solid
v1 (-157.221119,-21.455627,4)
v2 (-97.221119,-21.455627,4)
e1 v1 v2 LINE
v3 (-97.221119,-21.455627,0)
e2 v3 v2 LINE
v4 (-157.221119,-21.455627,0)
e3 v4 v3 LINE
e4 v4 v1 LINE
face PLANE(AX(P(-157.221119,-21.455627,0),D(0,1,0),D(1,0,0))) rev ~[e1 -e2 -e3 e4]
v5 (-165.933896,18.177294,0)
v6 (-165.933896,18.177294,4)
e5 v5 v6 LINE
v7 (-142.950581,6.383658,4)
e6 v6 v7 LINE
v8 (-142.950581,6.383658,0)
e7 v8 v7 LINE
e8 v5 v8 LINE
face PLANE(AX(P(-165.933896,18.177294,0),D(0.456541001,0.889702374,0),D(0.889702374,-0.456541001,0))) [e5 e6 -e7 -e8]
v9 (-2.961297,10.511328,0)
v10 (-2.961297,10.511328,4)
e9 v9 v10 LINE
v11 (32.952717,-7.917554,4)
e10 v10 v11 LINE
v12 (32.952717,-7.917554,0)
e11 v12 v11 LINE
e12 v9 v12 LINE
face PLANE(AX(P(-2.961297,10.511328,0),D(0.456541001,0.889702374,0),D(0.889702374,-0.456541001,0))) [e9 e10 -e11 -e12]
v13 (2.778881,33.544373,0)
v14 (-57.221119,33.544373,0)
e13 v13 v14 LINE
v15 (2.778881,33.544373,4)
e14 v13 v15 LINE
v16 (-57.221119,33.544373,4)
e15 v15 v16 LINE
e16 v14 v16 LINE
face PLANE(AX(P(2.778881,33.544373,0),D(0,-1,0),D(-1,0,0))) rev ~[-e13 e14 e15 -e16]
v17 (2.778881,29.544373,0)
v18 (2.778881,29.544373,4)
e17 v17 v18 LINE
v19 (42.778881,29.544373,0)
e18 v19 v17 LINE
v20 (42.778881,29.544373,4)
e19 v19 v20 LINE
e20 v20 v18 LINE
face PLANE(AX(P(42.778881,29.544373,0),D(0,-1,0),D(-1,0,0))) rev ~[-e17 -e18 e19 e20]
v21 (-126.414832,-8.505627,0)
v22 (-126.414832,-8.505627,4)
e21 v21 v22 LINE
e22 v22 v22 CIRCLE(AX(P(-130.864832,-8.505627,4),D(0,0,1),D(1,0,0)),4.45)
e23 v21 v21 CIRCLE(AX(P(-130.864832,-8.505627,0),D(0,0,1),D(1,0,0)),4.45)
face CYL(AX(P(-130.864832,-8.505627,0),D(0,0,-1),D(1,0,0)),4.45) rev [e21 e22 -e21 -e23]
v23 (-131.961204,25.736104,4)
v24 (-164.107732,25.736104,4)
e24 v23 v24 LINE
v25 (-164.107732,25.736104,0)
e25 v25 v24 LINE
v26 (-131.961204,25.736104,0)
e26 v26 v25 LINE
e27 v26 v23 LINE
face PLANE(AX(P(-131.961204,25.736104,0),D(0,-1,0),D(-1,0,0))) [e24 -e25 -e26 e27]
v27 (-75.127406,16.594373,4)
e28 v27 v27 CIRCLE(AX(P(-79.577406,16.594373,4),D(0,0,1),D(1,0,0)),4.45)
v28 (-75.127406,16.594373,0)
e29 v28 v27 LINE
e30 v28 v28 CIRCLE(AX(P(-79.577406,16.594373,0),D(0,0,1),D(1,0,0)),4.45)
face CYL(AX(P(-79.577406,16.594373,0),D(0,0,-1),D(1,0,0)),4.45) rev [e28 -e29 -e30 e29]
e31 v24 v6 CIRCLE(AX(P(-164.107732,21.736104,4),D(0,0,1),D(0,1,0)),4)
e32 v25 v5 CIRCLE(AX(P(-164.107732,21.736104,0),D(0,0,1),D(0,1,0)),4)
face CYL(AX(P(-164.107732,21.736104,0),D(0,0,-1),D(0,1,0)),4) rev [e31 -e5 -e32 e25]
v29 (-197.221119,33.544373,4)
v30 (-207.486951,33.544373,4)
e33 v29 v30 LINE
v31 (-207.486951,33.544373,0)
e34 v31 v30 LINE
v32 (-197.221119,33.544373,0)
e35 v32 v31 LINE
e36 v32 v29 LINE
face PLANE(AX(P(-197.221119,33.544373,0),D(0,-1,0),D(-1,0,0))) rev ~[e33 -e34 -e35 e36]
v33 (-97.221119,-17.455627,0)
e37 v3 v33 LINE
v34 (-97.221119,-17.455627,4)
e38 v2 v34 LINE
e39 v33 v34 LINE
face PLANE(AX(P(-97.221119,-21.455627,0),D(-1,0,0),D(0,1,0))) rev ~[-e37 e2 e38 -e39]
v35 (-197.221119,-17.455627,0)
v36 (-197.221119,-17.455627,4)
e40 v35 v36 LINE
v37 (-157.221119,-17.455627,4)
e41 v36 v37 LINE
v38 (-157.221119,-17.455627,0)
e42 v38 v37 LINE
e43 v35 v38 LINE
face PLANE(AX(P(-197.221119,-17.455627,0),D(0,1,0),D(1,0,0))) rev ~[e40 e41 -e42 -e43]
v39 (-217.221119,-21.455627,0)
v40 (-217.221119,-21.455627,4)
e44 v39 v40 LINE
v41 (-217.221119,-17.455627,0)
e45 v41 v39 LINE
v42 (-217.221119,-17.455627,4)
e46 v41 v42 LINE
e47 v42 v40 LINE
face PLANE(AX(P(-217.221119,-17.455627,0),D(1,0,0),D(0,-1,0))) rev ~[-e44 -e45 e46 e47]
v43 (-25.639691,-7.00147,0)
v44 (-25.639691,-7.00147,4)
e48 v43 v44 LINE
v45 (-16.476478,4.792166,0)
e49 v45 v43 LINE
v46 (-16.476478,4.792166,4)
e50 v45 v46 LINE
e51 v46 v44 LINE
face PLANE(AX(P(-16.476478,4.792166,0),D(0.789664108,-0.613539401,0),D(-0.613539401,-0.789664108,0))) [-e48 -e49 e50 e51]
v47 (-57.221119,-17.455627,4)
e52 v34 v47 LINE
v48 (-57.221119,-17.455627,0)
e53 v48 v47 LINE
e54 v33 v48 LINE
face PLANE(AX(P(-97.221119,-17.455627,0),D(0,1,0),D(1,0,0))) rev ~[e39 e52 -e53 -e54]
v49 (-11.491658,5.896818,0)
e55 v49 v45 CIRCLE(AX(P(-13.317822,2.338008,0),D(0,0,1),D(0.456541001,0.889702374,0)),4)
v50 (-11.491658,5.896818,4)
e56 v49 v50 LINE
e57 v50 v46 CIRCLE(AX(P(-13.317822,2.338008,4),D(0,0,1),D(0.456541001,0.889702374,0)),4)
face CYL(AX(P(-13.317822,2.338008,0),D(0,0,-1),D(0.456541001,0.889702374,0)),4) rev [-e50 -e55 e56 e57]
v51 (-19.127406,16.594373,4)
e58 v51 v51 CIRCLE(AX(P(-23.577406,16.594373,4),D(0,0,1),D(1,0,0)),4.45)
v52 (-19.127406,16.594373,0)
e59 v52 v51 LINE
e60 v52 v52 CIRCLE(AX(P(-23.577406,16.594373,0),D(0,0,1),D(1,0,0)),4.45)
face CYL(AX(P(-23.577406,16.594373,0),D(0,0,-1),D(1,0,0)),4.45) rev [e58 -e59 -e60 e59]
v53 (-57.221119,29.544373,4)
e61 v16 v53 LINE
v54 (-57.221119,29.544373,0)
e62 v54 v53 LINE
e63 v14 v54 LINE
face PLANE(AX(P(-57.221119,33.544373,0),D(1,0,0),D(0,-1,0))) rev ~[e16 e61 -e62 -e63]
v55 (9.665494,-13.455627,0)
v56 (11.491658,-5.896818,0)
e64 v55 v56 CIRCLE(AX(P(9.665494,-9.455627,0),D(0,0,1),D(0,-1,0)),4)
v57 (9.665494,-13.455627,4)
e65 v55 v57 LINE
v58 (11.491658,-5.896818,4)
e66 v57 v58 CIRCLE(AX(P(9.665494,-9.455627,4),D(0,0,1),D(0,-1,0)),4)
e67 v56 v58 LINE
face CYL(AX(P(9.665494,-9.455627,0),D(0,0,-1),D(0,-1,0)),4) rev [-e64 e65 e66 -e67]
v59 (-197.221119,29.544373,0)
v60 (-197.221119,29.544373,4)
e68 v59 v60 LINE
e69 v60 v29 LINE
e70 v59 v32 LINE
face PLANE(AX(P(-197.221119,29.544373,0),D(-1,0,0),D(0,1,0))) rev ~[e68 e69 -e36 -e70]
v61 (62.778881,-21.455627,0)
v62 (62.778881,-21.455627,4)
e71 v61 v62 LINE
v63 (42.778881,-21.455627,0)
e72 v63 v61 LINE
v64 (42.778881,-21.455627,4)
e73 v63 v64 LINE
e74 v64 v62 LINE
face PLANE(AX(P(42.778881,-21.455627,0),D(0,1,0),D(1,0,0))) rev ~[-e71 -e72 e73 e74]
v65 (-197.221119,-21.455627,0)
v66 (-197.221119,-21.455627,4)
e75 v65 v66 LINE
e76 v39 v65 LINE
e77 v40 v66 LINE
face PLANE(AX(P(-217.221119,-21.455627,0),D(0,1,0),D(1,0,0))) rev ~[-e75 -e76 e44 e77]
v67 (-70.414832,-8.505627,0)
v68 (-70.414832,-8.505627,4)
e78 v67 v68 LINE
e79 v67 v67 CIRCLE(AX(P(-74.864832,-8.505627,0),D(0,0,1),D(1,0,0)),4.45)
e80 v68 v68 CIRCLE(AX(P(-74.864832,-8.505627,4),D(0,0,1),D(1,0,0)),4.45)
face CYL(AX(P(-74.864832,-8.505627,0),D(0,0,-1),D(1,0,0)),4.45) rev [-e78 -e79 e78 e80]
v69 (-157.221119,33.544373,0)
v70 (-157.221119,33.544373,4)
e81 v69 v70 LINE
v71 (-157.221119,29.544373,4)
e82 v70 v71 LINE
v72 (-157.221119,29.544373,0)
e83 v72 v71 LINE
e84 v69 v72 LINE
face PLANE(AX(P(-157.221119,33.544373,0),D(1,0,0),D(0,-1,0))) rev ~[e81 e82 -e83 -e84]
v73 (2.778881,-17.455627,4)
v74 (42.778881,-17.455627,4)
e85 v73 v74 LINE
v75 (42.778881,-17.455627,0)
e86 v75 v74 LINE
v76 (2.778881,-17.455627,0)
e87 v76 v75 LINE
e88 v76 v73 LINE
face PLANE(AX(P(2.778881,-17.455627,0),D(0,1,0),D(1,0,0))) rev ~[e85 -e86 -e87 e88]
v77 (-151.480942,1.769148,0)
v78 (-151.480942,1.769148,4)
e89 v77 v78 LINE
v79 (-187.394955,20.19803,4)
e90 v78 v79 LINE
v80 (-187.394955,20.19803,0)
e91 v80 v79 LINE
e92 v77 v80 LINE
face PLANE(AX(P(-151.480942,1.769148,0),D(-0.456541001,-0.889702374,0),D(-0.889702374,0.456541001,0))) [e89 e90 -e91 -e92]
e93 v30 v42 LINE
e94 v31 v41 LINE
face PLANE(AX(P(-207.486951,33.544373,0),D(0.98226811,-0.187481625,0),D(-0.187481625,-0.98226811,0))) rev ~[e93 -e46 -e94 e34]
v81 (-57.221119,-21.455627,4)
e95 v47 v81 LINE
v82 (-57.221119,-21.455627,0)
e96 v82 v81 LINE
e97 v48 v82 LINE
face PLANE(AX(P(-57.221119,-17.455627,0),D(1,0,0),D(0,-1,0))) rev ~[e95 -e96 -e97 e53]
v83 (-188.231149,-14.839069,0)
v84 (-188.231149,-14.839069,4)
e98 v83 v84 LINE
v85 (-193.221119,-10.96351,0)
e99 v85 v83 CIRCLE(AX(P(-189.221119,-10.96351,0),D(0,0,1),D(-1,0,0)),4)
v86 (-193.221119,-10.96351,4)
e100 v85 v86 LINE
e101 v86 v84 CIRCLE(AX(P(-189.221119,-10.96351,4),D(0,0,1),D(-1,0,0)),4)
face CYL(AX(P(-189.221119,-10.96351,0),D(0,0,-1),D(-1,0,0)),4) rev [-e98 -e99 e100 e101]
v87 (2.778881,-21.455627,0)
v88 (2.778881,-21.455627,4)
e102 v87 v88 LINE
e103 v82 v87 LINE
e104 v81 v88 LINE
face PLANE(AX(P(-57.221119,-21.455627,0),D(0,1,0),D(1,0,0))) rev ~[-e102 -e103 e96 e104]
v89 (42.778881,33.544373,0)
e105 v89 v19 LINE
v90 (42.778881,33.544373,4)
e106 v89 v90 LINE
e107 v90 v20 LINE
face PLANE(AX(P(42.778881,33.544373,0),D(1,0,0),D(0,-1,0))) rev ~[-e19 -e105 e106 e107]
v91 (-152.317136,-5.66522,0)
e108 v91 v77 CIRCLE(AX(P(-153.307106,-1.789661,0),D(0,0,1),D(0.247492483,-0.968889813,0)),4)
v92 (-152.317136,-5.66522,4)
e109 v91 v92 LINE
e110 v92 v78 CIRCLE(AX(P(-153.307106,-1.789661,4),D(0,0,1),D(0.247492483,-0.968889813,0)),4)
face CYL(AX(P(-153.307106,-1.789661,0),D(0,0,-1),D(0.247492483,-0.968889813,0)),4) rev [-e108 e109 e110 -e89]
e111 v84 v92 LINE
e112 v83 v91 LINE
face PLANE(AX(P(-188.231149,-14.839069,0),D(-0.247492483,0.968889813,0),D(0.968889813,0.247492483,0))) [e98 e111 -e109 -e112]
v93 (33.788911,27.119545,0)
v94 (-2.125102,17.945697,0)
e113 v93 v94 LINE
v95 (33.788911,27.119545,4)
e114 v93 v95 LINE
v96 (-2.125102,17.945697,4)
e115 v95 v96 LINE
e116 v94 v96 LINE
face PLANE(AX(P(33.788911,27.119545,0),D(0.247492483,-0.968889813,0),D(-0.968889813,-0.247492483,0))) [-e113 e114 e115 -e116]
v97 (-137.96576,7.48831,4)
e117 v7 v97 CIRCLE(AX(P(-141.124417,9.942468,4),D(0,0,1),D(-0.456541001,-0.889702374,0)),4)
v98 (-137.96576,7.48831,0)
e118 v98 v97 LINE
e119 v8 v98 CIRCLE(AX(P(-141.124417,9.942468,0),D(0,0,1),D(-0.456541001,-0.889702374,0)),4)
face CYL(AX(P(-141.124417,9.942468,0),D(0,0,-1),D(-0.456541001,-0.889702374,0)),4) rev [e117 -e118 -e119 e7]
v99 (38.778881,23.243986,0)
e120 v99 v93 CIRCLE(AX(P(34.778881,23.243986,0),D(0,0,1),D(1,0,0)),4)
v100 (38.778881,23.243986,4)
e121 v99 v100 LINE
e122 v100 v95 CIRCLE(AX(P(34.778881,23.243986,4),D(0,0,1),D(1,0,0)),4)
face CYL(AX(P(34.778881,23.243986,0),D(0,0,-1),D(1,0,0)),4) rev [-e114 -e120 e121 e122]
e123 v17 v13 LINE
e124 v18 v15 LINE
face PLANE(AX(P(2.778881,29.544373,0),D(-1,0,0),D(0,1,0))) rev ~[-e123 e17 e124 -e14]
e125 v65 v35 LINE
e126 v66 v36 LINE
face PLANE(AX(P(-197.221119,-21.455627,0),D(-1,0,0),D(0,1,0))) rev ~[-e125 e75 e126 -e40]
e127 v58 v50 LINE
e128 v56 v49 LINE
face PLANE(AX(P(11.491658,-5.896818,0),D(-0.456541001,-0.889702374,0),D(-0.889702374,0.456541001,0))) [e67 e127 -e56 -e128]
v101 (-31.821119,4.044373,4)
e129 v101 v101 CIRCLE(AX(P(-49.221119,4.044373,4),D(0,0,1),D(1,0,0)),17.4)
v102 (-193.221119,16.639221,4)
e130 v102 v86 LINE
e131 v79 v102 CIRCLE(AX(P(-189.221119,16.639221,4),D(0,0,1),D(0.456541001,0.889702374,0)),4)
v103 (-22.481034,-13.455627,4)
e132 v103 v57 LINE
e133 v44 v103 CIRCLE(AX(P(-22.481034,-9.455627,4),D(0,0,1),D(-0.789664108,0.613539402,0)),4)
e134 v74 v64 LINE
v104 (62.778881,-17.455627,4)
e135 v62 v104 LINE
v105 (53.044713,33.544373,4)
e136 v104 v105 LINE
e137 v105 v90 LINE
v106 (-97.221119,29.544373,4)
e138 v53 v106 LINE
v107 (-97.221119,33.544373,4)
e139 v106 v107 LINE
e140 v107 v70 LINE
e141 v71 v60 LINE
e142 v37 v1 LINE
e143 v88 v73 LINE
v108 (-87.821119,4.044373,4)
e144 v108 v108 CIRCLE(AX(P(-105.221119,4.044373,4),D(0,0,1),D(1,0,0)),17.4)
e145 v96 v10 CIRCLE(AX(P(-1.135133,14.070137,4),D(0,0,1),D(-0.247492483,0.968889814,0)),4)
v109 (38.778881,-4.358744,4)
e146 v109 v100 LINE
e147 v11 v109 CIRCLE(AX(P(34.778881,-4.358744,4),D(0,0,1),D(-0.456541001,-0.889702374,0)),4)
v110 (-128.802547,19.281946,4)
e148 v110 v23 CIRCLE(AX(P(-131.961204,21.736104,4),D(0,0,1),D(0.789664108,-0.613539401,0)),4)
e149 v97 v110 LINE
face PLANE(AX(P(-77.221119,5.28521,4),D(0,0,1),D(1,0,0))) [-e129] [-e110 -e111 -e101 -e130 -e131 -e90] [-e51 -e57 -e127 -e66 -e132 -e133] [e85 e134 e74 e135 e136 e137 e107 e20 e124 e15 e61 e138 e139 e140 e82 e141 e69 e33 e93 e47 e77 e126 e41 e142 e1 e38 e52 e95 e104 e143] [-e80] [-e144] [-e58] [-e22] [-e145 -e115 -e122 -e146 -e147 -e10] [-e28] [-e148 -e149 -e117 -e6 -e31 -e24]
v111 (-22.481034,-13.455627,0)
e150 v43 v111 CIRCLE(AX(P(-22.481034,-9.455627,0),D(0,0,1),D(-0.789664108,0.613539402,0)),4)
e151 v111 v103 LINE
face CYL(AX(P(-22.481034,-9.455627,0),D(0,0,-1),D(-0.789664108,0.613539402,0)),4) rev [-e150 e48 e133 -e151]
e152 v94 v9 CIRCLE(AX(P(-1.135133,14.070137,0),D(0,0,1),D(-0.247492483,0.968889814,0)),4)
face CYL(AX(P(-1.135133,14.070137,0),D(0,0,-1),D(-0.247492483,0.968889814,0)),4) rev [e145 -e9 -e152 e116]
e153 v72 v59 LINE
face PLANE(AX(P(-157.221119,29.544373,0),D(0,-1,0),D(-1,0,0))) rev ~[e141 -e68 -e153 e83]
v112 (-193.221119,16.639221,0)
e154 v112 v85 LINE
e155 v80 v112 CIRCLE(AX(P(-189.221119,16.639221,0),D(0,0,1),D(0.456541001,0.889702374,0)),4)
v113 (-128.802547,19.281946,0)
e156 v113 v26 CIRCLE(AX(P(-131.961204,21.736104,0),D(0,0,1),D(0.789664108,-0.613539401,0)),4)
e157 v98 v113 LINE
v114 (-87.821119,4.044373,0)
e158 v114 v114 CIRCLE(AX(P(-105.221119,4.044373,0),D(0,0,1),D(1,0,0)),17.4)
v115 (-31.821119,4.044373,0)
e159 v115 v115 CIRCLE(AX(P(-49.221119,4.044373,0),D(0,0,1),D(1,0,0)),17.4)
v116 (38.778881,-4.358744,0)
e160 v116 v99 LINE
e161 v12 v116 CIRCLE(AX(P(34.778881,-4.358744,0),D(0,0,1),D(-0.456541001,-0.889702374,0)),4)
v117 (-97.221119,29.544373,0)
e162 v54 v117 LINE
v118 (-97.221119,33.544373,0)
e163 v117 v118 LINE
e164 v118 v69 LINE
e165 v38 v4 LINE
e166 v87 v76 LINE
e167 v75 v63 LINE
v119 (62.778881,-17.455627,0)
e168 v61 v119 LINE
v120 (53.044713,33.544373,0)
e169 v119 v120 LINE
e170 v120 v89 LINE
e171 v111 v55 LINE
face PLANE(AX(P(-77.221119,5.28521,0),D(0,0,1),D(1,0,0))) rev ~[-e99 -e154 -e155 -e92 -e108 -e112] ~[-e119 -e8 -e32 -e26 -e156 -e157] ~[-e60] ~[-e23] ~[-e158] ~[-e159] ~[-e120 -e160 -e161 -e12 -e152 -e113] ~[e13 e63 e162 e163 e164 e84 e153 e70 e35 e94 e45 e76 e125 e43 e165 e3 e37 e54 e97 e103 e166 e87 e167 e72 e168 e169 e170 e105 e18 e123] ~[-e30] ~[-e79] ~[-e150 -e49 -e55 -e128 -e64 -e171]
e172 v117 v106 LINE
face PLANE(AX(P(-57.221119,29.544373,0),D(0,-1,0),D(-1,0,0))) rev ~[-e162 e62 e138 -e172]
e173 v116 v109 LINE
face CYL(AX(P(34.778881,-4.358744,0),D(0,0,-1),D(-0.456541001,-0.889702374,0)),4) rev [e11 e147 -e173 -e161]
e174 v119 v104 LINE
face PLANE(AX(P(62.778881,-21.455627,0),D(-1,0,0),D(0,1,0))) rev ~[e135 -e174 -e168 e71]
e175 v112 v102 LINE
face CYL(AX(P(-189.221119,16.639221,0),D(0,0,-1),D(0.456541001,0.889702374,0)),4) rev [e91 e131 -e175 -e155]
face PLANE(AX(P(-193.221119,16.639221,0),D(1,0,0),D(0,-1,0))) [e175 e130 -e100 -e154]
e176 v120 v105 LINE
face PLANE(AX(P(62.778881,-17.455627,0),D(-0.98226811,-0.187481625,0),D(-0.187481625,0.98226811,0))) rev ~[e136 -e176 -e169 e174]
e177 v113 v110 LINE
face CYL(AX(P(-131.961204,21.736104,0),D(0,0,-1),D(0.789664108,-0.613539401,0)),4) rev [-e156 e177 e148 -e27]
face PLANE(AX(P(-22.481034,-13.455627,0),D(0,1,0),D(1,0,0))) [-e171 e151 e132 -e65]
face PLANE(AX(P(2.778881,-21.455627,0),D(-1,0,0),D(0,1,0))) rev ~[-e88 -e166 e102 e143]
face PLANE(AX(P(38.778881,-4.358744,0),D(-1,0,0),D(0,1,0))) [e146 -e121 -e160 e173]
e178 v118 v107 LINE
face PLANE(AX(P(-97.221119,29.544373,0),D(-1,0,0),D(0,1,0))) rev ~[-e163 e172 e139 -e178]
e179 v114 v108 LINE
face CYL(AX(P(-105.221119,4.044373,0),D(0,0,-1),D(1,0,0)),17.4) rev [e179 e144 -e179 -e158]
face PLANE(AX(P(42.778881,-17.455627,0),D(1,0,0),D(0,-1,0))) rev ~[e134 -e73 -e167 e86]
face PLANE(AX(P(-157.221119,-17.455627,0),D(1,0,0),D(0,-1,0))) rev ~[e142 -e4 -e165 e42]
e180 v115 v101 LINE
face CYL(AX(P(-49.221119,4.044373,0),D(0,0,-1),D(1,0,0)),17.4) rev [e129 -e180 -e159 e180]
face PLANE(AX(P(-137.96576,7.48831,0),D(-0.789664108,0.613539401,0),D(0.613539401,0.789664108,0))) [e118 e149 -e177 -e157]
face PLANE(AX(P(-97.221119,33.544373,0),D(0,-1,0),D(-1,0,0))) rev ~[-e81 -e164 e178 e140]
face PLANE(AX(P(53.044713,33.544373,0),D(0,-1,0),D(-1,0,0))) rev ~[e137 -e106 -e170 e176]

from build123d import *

# Parameters (mm, degrees)
SKETCH2_R           = 17.4
SKETCH2_R_2         = 4.45
BOSS_EXTRUDE1_DEPTH = 4


with BuildPart() as part:
    # Sketch2 → Boss-Extrude1 (new body)
    with BuildSketch(Plane.XY):
        Polygon((53.044712849, 33.544372616), (42.778880935, 33.544372616), (42.778880935, 29.544372616), (2.778880935, 29.544372616), (2.778880935, 33.544372616), (-57.221119065, 33.544372616), (-57.221119065, 29.544372616), (-97.221119065, 29.544372616), (-97.221119065, 33.544372616), (-157.221119065, 33.544372616), (-157.221119065, 29.544372616), (-197.221119065, 29.544372616), (-197.221119065, 33.544372616), (-207.486950979, 33.544372616), (-217.221119065, -17.455627384), (-217.221119065, -21.455627384), (-197.221119065, -21.455627384), (-197.221119065, -17.455627384), (-157.221119065, -17.455627384), (-157.221119065, -21.455627384), (-97.221119065, -21.455627384), (-97.221119065, -17.455627384), (-57.221119065, -17.455627384), (-57.221119065, -21.455627384), (2.778880935, -21.455627384), (2.778880935, -17.455627384), (42.778880935, -17.455627384), (42.778880935, -21.455627384), (62.778880935, -21.455627384), (62.778880935, -17.455627384), align=None)
        with Locations((-105.221119065, 4.044372616)):
            Circle(SKETCH2_R, mode=Mode.SUBTRACT)
        with Locations((-130.864831745, -8.505627384)):
            Circle(SKETCH2_R_2, mode=Mode.SUBTRACT)
        with Locations((-79.577406385, 16.594372616)):
            Circle(SKETCH2_R_2, mode=Mode.SUBTRACT)
        with Locations((-74.864831745, -8.505627384)):
            Circle(SKETCH2_R_2, mode=Mode.SUBTRACT)
        with Locations((-49.221119065, 4.044372616)):
            Circle(SKETCH2_R, mode=Mode.SUBTRACT)
        with Locations((-23.577406385, 16.594372616)):
            Circle(SKETCH2_R_2, mode=Mode.SUBTRACT)
        with BuildLine():
            Line((-16.476478057, 4.792165998), (-25.639690827, -7.001469778))
            ThreePointArc((-25.639690827, -7.001469778), (-26.073848783, -11.213946123), (-22.481034397, -13.455627384))
            Line((-22.481034397, -13.455627384), (9.665493618, -13.455627384))
            ThreePointArc((9.665493618, -13.455627384), (13.553631861, -10.39497876), (11.491657622, -5.896817888))
            Line((11.491657622, -5.896817888), (-11.491657622, 5.896817888))
            ThreePointArc((-11.491657622, 5.896817888), (-14.183239425, 6.243267926), (-16.476478057, 4.792165998))
        make_face(mode=Mode.SUBTRACT)
        with BuildLine():
            Line((-165.933895752, 18.177294134), (-142.950580507, 6.383658359))
            ThreePointArc((-142.950580507, 6.383658359), (-140.258998705, 6.03720832), (-137.965760073, 7.488310249))
            Line((-137.965760073, 7.488310249), (-128.802547302, 19.281946025))
            ThreePointArc((-128.802547302, 19.281946025), (-128.368389347, 23.49442237), (-131.961203733, 25.736103631))
            Line((-131.961203733, 25.736103631), (-164.107731748, 25.736103631))
            ThreePointArc((-164.107731748, 25.736103631), (-167.995869991, 22.675455007), (-165.933895752, 18.177294134))
        make_face(mode=Mode.SUBTRACT)
        with BuildLine():
            Line((38.778880935, -4.35874426), (38.778880935, 23.243985793))
            ThreePointArc((38.778880935, 23.243985793), (37.232462018, 26.403090076), (33.788911001, 27.119545047))
            Line((33.788911001, 27.119545047), (-2.125102454, 17.94569653))
            ThreePointArc((-2.125102454, 17.94569653), (-5.110068026, 14.517225335), (-2.961296525, 10.511327779))
            Line((-2.961296525, 10.511327779), (32.952716931, -7.917553756))
            ThreePointArc((32.952716931, -7.917553756), (36.863988125, -7.772294905), (38.778880935, -4.35874426))
        make_face(mode=Mode.SUBTRACT)
        with BuildLine():
            Line((-188.231149131, -14.839068801), (-152.317135675, -5.665220283))
            ThreePointArc((-152.317135675, -5.665220283), (-149.332170104, -2.236749089), (-151.480941605, 1.769148467))
            Line((-151.480941605, 1.769148467), (-187.394955061, 20.198030003))
            ThreePointArc((-187.394955061, 20.198030003), (-191.306226254, 20.052771152), (-193.221119065, 16.639220507))
            Line((-193.221119065, 16.639220507), (-193.221119065, -10.963509547))
            ThreePointArc((-193.221119065, -10.963509547), (-191.674700148, -14.122613829), (-188.231149131, -14.839068801))
        make_face(mode=Mode.SUBTRACT)
    extrude(amount=BOSS_EXTRUDE1_DEPTH)


solid = part.part
